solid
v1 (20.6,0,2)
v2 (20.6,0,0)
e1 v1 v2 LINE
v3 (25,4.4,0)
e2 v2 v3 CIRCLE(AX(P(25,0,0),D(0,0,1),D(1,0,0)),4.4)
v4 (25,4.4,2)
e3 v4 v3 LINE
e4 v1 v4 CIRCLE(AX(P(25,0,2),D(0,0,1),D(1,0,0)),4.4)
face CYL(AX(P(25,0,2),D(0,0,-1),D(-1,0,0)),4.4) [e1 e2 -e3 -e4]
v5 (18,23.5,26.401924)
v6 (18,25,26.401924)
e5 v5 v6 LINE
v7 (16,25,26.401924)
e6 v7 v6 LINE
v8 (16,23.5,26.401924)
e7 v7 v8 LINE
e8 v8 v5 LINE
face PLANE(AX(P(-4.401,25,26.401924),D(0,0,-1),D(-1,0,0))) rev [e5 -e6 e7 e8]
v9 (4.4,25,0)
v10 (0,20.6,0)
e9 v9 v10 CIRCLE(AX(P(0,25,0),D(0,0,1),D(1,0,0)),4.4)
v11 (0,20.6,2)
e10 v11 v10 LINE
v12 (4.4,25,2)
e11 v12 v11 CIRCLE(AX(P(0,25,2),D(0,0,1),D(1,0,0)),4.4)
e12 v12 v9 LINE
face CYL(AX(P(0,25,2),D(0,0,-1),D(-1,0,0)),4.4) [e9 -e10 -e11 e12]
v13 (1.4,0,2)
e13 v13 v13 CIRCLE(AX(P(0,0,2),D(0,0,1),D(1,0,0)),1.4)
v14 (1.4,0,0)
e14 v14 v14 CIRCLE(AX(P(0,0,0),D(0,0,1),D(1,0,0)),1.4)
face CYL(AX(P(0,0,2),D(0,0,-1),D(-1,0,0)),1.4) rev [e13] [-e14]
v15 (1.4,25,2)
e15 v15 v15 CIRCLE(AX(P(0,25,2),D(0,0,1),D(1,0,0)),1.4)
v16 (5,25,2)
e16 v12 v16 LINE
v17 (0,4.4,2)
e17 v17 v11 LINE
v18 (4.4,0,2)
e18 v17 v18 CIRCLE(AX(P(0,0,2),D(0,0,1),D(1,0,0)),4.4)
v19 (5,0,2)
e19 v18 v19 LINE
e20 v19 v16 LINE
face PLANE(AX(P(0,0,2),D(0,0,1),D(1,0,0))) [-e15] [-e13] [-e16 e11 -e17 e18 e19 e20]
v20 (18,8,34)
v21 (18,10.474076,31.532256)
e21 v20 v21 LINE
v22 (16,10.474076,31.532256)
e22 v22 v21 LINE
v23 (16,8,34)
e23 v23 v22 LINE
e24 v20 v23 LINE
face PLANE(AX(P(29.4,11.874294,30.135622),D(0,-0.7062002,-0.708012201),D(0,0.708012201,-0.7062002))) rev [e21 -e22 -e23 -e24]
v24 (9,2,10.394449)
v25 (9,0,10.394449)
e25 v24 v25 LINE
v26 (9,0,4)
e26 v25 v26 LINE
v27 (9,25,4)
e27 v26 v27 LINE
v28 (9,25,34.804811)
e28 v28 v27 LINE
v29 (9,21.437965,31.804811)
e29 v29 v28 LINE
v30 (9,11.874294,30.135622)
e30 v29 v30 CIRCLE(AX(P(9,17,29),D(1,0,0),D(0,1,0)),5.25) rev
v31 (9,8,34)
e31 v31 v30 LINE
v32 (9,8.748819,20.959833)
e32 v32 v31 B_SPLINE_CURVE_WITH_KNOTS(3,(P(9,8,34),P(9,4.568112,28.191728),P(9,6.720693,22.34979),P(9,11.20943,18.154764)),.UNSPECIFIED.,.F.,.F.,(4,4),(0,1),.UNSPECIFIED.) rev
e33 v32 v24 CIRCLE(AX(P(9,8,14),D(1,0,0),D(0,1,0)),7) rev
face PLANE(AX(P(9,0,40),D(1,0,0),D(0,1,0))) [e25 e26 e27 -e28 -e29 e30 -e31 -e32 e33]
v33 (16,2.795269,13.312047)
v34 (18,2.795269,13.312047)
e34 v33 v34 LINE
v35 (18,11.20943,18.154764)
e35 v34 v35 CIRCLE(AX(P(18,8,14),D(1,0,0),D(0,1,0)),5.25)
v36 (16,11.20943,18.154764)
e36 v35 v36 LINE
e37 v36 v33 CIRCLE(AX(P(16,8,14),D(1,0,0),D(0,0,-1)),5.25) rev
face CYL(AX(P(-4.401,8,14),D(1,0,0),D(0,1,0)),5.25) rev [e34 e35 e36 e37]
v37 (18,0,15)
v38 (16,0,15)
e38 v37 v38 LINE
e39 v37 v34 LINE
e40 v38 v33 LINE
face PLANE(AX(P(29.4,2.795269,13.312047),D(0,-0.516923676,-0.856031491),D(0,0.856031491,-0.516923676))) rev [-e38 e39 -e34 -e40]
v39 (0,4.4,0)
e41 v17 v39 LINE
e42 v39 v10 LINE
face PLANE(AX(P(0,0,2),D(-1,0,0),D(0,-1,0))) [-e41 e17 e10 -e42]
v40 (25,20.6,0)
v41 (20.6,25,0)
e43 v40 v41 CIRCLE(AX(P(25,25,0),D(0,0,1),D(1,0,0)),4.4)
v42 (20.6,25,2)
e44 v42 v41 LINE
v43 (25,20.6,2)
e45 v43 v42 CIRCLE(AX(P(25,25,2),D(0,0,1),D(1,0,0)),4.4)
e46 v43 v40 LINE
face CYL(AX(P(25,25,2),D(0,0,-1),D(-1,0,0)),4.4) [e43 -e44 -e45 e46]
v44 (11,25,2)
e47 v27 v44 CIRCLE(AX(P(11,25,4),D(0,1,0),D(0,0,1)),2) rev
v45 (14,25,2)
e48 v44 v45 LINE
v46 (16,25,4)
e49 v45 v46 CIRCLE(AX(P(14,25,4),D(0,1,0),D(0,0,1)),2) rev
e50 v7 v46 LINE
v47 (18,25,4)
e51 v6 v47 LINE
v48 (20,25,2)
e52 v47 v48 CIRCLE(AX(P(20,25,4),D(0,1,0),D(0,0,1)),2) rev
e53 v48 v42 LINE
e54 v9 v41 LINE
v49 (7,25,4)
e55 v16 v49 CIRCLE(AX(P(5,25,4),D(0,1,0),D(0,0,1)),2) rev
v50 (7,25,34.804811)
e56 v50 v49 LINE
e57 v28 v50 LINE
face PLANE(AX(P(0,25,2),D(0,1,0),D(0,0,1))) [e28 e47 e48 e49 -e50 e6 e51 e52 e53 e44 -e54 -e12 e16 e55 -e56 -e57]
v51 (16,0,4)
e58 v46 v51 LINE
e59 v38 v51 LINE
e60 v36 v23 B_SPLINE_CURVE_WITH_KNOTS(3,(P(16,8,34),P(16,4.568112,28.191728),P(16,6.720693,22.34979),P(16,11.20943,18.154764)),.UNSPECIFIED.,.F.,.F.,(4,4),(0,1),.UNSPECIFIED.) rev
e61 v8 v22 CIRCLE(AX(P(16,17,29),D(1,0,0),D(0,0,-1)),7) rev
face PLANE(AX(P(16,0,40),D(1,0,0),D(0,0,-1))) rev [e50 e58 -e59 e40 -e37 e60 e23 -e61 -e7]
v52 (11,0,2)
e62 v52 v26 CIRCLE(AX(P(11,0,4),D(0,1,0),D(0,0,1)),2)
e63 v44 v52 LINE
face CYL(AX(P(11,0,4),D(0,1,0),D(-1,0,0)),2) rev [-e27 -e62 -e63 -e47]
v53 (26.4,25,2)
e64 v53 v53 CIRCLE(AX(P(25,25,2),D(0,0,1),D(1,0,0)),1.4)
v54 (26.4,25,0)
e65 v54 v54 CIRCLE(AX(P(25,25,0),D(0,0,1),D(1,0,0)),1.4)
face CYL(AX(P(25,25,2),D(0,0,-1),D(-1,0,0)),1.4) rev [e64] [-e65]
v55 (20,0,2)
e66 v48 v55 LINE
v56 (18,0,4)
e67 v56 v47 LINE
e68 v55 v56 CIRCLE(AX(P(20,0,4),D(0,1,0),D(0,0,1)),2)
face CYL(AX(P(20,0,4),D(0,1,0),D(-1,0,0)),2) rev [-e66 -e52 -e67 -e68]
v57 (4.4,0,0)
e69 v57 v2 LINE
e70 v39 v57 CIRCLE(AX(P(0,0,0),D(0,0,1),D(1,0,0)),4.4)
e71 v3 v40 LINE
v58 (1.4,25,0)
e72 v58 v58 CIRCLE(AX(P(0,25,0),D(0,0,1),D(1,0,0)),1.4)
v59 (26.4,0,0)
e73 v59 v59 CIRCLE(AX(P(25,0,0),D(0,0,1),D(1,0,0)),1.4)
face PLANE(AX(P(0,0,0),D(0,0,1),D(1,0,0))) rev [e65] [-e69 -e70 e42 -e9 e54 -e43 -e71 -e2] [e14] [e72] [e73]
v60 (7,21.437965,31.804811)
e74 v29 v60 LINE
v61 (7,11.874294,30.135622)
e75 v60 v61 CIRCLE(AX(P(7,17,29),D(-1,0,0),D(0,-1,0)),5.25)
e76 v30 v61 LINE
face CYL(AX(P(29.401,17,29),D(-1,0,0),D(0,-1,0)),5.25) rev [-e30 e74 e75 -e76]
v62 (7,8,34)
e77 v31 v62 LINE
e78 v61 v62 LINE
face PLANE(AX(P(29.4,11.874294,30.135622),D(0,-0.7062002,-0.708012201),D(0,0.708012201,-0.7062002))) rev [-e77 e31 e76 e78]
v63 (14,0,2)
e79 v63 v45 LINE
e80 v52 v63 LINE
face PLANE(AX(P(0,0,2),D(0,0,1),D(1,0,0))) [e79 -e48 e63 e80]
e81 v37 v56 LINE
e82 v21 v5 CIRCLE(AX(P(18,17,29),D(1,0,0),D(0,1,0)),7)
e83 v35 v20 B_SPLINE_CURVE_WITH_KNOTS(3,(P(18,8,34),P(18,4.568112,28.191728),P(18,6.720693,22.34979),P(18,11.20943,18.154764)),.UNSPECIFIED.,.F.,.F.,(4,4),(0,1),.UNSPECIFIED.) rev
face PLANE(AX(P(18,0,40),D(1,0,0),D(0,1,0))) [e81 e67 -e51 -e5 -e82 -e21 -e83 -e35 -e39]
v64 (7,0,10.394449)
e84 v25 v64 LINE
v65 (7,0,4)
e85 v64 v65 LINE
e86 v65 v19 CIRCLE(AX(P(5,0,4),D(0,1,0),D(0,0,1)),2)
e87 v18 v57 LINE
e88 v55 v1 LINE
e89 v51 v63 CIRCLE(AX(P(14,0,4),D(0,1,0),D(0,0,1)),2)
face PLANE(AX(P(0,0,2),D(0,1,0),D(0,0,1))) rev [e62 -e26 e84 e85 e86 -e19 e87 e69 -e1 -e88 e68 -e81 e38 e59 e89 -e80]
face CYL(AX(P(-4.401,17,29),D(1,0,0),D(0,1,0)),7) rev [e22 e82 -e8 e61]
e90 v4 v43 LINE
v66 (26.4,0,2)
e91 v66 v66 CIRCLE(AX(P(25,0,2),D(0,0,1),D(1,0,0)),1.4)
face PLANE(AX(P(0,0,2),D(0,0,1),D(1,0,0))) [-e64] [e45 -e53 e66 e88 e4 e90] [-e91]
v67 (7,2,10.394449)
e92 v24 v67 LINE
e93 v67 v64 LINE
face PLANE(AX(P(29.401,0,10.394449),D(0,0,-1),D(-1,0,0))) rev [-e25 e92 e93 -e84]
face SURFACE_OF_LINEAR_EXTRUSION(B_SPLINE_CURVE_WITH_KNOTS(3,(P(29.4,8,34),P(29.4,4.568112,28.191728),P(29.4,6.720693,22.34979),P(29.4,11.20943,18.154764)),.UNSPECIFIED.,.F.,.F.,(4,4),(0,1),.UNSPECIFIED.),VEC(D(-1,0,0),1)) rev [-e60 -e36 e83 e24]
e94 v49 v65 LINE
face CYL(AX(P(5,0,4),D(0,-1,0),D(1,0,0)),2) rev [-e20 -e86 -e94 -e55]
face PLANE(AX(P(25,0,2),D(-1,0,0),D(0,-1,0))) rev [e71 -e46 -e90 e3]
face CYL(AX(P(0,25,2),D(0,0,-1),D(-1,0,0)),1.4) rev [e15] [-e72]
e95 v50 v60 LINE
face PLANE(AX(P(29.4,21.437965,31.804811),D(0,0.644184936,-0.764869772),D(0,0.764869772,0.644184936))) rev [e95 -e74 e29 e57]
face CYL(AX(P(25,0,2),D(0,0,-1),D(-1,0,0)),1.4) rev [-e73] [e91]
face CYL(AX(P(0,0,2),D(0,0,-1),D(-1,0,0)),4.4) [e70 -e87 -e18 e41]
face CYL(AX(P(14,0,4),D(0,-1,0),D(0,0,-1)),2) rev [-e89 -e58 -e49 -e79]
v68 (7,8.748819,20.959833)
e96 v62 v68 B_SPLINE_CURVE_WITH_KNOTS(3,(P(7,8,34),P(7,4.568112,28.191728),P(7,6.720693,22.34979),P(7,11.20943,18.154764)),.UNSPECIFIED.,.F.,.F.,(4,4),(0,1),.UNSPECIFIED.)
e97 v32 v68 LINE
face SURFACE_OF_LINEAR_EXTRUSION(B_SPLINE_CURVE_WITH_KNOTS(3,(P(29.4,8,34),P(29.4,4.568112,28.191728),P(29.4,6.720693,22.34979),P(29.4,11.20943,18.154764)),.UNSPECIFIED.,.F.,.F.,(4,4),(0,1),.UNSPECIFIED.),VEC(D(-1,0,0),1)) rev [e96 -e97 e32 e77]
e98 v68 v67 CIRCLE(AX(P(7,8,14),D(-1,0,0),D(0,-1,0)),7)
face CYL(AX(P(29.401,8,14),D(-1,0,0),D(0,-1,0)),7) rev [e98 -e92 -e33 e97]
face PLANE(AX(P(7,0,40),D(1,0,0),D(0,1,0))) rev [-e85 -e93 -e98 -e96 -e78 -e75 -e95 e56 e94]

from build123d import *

# Parameters (mm, degrees)
SKETCH1_W             = 7
SKETCH1_H             = 25
BOSS_EXTRUDE1_DEPTH   = 2
SKETCH1_R             = 1.4
BOSS_EXTRUDE1_2_DEPTH = 2
BOSS_EXTRUDE1_3_DEPTH = 2
SKETCH1_3_W           = 2
SKETCH1_3_H           = 25
BOSS_EXTRUDE2_DEPTH   = 40
CUT_EXTRUDE12_REACH   = 56.462
SKETCH2_R             = 5.25
SKETCH2_R_2           = 7
CUT_EXTRUDE13_REACH   = 56.462
SKETCH3_R             = 5.25
SKETCH3_R_2           = 7
CUT_EXTRUDE14_DEPTH   = 55.462096912
CUT_EXTRUDE15_REACH   = 52.769
SKETCH6_W             = 4.605551275
SKETCH6_H             = 2
CUT_EXTRUDE16_REACH   = 52.769
FILLET1_R             = 2


with BuildPart() as part:
    # Sketch1 → Boss-Extrude1 (new body)
    with BuildSketch(Plane.XY):
        with Locations((12.5, 12.5)):
            Rectangle(SKETCH1_W, SKETCH1_H)
    extrude(amount=BOSS_EXTRUDE1_DEPTH)



with BuildPart() as body_2:
    # Sketch1 → Boss-Extrude1 2 (new body)
    with BuildSketch(Plane.XY):
        with BuildLine():
            Line((7, 0), (7, 25))
            Line((7, 25), (4.4, 25))
            ThreePointArc((4.4, 25), (-3.111269837, 28.111269837), (0, 20.6))
            Line((0, 20.6), (0, 4.4))
            ThreePointArc((0, 4.4), (-3.111269837, -3.111269837), (4.4, 0))
            Line((4.4, 0), (7, 0))
        make_face()
        Circle(SKETCH1_R, mode=Mode.SUBTRACT)
        with Locations((0, 25)):
            Circle(SKETCH1_R, mode=Mode.SUBTRACT)
    extrude(amount=BOSS_EXTRUDE1_2_DEPTH)


with BuildPart() as body_3:
    # Sketch1 → Boss-Extrude1 3 (new body)
    with BuildSketch(Plane.XY):
        with BuildLine():
            Line((20.6, 25), (18, 25))
            Line((18, 25), (18, 0))
            Line((18, 0), (20.6, 0))
            ThreePointArc((20.6, 0), (28.111269837, -3.111269837), (25, 4.4))
            Line((25, 4.4), (25, 20.6))
            ThreePointArc((25, 20.6), (28.111269837, 28.111269837), (20.6, 25))
        make_face()
        with Locations((25, 25)):
            Circle(SKETCH1_R, mode=Mode.SUBTRACT)
        with Locations((25, 0)):
            Circle(SKETCH1_R, mode=Mode.SUBTRACT)
    extrude(amount=BOSS_EXTRUDE1_3_DEPTH)


with BuildPart() as part_1:
    add(part.part)

    add(body_2.part)  # Boss-Extrude2 merges body 2

    add(body_3.part)  # Boss-Extrude2 merges body 3
    # Sketch1<3> → Boss-Extrude2 (add)
    with BuildSketch(Plane.XY):
        with Locations((8, 12.5)):
            Rectangle(SKETCH1_3_W, SKETCH1_3_H)
        with Locations((17, 12.5)):
            Rectangle(SKETCH1_3_W, SKETCH1_3_H)
    extrude(amount=BOSS_EXTRUDE2_DEPTH)

    # Sketch2 → Cut-Extrude12 (cut, up to next)
    with BuildSketch(Plane.ZY.offset(-7), mode=Mode.PRIVATE) as cut_extrude12_sk1:
        with Locations((29, 17)):
            Circle(SKETCH2_R)
    cut_extrude12_tool1 = extrude(cut_extrude12_sk1.sketch, amount=-CUT_EXTRUDE12_REACH, mode=Mode.PRIVATE) & part_1.part
    # Sketch2 → Cut-Extrude12 (cut, up to next)
    with BuildSketch(Plane.ZY.offset(-7), mode=Mode.PRIVATE) as cut_extrude12_sk2:
        with Locations((14, 8)):
            Circle(SKETCH2_R_2)
    cut_extrude12_tool2 = extrude(cut_extrude12_sk2.sketch, amount=-CUT_EXTRUDE12_REACH, mode=Mode.PRIVATE) & part_1.part
    add(cut_extrude12_tool1.solids().sort_by_distance((7, 17, 29))[0], mode=Mode.SUBTRACT)
    add(cut_extrude12_tool2.solids().sort_by_distance((7, 8, 14))[0], mode=Mode.SUBTRACT)

    # Sketch3 → Cut-Extrude13 (cut, up to next)
    with BuildSketch(Plane(origin=(18, 0, 0), x_dir=(0, 0, -1), z_dir=(1, 0, 0)), mode=Mode.PRIVATE) as cut_extrude13_sk1:
        with Locations((-14, 8)):
            Circle(SKETCH3_R)
    cut_extrude13_tool1 = extrude(cut_extrude13_sk1.sketch, amount=-CUT_EXTRUDE13_REACH, mode=Mode.PRIVATE) & part_1.part
    # Sketch3 → Cut-Extrude13 (cut, up to next)
    with BuildSketch(Plane(origin=(18, 0, 0), x_dir=(0, 0, -1), z_dir=(1, 0, 0)), mode=Mode.PRIVATE) as cut_extrude13_sk2:
        with Locations((-29, 17)):
            Circle(SKETCH3_R_2)
    cut_extrude13_tool2 = extrude(cut_extrude13_sk2.sketch, amount=-CUT_EXTRUDE13_REACH, mode=Mode.PRIVATE) & part_1.part
    add(cut_extrude13_tool1.solids().sort_by_distance((18, 8, 14))[0], mode=Mode.SUBTRACT)
    add(cut_extrude13_tool2.solids().sort_by_distance((18, 17, 29))[0], mode=Mode.SUBTRACT)

    # Sketch5 → Cut-Extrude14 (cut, through all)
    with BuildSketch(Plane.ZY.offset(-7)):
        with BuildLine():
            Line((31.804811412, 21.437964955), (34.804811412, 25))
            Line((34.804811412, 25), (40, 25))
            Line((40, 25), (40, 0))
            Line((40, 0), (15, 0))
            Line((15, 0), (13.312046989, 2.795269397))
            Line((13.312046989, 2.795269397), (18.15476351, 11.209429883))
            add(Edge.make_bspline(
                [(34, 8), (28.19172845, 4.568111712), (22.349790319, 6.720692965), (18.15476351, 11.209429883)],
                knots=[0, 0, 0, 0, 1, 1, 1, 1], degree=3))
            Line((34, 8), (30.135621564, 11.874293838))
            Line((30.135621564, 11.874293838), (31.804811412, 21.437964955))
        make_face()
    extrude(amount=-CUT_EXTRUDE14_DEPTH, mode=Mode.SUBTRACT)

    # Sketch6 → Cut-Extrude15 (cut, up to next)
    with BuildSketch(Plane.ZY.offset(-7), mode=Mode.PRIVATE) as cut_extrude15_sk1:
        with Locations((12.697224363, 1)):
            Rectangle(SKETCH6_W, SKETCH6_H)
    cut_extrude15_tool1 = extrude(cut_extrude15_sk1.sketch, amount=-CUT_EXTRUDE15_REACH, mode=Mode.PRIVATE) & part_1.part
    add(cut_extrude15_tool1.solids().sort_by_distance((7, 1, 12.697224))[0], mode=Mode.SUBTRACT)

    # Sketch7 → Cut-Extrude16 (cut, up to next)
    with BuildSketch(Plane(origin=(18, 0, 0), x_dir=(0, 0, -1), z_dir=(1, 0, 0)), mode=Mode.PRIVATE) as cut_extrude16_sk1:
        with BuildLine():
            Line((-34.804811412, 25), (-26.401923789, 25))
            Line((-26.401923789, 25), (-26.401923789, 23.5))
            ThreePointArc((-26.401923789, 23.5), (-30.6033676, 19.298556189), (-34.804811412, 23.5))
            Line((-34.804811412, 23.5), (-34.804811412, 25))
        make_face()
    cut_extrude16_tool1 = extrude(cut_extrude16_sk1.sketch, amount=-CUT_EXTRUDE16_REACH, mode=Mode.PRIVATE) & part_1.part
    add(cut_extrude16_tool1.solids().sort_by_distance((18, 22.508493, 30.603368))[0], mode=Mode.SUBTRACT)

    # Fillet1
    fillet1_edges = [part_1.edges().sort_by_distance(p)[0] for p in [
        (18, 12.5, 2),
        (16, 12.5, 2),
        (9, 12.5, 2),
        (7, 12.5, 2),
    ]]
    fillet(fillet1_edges, radius=FILLET1_R)


solid = part_1.part
